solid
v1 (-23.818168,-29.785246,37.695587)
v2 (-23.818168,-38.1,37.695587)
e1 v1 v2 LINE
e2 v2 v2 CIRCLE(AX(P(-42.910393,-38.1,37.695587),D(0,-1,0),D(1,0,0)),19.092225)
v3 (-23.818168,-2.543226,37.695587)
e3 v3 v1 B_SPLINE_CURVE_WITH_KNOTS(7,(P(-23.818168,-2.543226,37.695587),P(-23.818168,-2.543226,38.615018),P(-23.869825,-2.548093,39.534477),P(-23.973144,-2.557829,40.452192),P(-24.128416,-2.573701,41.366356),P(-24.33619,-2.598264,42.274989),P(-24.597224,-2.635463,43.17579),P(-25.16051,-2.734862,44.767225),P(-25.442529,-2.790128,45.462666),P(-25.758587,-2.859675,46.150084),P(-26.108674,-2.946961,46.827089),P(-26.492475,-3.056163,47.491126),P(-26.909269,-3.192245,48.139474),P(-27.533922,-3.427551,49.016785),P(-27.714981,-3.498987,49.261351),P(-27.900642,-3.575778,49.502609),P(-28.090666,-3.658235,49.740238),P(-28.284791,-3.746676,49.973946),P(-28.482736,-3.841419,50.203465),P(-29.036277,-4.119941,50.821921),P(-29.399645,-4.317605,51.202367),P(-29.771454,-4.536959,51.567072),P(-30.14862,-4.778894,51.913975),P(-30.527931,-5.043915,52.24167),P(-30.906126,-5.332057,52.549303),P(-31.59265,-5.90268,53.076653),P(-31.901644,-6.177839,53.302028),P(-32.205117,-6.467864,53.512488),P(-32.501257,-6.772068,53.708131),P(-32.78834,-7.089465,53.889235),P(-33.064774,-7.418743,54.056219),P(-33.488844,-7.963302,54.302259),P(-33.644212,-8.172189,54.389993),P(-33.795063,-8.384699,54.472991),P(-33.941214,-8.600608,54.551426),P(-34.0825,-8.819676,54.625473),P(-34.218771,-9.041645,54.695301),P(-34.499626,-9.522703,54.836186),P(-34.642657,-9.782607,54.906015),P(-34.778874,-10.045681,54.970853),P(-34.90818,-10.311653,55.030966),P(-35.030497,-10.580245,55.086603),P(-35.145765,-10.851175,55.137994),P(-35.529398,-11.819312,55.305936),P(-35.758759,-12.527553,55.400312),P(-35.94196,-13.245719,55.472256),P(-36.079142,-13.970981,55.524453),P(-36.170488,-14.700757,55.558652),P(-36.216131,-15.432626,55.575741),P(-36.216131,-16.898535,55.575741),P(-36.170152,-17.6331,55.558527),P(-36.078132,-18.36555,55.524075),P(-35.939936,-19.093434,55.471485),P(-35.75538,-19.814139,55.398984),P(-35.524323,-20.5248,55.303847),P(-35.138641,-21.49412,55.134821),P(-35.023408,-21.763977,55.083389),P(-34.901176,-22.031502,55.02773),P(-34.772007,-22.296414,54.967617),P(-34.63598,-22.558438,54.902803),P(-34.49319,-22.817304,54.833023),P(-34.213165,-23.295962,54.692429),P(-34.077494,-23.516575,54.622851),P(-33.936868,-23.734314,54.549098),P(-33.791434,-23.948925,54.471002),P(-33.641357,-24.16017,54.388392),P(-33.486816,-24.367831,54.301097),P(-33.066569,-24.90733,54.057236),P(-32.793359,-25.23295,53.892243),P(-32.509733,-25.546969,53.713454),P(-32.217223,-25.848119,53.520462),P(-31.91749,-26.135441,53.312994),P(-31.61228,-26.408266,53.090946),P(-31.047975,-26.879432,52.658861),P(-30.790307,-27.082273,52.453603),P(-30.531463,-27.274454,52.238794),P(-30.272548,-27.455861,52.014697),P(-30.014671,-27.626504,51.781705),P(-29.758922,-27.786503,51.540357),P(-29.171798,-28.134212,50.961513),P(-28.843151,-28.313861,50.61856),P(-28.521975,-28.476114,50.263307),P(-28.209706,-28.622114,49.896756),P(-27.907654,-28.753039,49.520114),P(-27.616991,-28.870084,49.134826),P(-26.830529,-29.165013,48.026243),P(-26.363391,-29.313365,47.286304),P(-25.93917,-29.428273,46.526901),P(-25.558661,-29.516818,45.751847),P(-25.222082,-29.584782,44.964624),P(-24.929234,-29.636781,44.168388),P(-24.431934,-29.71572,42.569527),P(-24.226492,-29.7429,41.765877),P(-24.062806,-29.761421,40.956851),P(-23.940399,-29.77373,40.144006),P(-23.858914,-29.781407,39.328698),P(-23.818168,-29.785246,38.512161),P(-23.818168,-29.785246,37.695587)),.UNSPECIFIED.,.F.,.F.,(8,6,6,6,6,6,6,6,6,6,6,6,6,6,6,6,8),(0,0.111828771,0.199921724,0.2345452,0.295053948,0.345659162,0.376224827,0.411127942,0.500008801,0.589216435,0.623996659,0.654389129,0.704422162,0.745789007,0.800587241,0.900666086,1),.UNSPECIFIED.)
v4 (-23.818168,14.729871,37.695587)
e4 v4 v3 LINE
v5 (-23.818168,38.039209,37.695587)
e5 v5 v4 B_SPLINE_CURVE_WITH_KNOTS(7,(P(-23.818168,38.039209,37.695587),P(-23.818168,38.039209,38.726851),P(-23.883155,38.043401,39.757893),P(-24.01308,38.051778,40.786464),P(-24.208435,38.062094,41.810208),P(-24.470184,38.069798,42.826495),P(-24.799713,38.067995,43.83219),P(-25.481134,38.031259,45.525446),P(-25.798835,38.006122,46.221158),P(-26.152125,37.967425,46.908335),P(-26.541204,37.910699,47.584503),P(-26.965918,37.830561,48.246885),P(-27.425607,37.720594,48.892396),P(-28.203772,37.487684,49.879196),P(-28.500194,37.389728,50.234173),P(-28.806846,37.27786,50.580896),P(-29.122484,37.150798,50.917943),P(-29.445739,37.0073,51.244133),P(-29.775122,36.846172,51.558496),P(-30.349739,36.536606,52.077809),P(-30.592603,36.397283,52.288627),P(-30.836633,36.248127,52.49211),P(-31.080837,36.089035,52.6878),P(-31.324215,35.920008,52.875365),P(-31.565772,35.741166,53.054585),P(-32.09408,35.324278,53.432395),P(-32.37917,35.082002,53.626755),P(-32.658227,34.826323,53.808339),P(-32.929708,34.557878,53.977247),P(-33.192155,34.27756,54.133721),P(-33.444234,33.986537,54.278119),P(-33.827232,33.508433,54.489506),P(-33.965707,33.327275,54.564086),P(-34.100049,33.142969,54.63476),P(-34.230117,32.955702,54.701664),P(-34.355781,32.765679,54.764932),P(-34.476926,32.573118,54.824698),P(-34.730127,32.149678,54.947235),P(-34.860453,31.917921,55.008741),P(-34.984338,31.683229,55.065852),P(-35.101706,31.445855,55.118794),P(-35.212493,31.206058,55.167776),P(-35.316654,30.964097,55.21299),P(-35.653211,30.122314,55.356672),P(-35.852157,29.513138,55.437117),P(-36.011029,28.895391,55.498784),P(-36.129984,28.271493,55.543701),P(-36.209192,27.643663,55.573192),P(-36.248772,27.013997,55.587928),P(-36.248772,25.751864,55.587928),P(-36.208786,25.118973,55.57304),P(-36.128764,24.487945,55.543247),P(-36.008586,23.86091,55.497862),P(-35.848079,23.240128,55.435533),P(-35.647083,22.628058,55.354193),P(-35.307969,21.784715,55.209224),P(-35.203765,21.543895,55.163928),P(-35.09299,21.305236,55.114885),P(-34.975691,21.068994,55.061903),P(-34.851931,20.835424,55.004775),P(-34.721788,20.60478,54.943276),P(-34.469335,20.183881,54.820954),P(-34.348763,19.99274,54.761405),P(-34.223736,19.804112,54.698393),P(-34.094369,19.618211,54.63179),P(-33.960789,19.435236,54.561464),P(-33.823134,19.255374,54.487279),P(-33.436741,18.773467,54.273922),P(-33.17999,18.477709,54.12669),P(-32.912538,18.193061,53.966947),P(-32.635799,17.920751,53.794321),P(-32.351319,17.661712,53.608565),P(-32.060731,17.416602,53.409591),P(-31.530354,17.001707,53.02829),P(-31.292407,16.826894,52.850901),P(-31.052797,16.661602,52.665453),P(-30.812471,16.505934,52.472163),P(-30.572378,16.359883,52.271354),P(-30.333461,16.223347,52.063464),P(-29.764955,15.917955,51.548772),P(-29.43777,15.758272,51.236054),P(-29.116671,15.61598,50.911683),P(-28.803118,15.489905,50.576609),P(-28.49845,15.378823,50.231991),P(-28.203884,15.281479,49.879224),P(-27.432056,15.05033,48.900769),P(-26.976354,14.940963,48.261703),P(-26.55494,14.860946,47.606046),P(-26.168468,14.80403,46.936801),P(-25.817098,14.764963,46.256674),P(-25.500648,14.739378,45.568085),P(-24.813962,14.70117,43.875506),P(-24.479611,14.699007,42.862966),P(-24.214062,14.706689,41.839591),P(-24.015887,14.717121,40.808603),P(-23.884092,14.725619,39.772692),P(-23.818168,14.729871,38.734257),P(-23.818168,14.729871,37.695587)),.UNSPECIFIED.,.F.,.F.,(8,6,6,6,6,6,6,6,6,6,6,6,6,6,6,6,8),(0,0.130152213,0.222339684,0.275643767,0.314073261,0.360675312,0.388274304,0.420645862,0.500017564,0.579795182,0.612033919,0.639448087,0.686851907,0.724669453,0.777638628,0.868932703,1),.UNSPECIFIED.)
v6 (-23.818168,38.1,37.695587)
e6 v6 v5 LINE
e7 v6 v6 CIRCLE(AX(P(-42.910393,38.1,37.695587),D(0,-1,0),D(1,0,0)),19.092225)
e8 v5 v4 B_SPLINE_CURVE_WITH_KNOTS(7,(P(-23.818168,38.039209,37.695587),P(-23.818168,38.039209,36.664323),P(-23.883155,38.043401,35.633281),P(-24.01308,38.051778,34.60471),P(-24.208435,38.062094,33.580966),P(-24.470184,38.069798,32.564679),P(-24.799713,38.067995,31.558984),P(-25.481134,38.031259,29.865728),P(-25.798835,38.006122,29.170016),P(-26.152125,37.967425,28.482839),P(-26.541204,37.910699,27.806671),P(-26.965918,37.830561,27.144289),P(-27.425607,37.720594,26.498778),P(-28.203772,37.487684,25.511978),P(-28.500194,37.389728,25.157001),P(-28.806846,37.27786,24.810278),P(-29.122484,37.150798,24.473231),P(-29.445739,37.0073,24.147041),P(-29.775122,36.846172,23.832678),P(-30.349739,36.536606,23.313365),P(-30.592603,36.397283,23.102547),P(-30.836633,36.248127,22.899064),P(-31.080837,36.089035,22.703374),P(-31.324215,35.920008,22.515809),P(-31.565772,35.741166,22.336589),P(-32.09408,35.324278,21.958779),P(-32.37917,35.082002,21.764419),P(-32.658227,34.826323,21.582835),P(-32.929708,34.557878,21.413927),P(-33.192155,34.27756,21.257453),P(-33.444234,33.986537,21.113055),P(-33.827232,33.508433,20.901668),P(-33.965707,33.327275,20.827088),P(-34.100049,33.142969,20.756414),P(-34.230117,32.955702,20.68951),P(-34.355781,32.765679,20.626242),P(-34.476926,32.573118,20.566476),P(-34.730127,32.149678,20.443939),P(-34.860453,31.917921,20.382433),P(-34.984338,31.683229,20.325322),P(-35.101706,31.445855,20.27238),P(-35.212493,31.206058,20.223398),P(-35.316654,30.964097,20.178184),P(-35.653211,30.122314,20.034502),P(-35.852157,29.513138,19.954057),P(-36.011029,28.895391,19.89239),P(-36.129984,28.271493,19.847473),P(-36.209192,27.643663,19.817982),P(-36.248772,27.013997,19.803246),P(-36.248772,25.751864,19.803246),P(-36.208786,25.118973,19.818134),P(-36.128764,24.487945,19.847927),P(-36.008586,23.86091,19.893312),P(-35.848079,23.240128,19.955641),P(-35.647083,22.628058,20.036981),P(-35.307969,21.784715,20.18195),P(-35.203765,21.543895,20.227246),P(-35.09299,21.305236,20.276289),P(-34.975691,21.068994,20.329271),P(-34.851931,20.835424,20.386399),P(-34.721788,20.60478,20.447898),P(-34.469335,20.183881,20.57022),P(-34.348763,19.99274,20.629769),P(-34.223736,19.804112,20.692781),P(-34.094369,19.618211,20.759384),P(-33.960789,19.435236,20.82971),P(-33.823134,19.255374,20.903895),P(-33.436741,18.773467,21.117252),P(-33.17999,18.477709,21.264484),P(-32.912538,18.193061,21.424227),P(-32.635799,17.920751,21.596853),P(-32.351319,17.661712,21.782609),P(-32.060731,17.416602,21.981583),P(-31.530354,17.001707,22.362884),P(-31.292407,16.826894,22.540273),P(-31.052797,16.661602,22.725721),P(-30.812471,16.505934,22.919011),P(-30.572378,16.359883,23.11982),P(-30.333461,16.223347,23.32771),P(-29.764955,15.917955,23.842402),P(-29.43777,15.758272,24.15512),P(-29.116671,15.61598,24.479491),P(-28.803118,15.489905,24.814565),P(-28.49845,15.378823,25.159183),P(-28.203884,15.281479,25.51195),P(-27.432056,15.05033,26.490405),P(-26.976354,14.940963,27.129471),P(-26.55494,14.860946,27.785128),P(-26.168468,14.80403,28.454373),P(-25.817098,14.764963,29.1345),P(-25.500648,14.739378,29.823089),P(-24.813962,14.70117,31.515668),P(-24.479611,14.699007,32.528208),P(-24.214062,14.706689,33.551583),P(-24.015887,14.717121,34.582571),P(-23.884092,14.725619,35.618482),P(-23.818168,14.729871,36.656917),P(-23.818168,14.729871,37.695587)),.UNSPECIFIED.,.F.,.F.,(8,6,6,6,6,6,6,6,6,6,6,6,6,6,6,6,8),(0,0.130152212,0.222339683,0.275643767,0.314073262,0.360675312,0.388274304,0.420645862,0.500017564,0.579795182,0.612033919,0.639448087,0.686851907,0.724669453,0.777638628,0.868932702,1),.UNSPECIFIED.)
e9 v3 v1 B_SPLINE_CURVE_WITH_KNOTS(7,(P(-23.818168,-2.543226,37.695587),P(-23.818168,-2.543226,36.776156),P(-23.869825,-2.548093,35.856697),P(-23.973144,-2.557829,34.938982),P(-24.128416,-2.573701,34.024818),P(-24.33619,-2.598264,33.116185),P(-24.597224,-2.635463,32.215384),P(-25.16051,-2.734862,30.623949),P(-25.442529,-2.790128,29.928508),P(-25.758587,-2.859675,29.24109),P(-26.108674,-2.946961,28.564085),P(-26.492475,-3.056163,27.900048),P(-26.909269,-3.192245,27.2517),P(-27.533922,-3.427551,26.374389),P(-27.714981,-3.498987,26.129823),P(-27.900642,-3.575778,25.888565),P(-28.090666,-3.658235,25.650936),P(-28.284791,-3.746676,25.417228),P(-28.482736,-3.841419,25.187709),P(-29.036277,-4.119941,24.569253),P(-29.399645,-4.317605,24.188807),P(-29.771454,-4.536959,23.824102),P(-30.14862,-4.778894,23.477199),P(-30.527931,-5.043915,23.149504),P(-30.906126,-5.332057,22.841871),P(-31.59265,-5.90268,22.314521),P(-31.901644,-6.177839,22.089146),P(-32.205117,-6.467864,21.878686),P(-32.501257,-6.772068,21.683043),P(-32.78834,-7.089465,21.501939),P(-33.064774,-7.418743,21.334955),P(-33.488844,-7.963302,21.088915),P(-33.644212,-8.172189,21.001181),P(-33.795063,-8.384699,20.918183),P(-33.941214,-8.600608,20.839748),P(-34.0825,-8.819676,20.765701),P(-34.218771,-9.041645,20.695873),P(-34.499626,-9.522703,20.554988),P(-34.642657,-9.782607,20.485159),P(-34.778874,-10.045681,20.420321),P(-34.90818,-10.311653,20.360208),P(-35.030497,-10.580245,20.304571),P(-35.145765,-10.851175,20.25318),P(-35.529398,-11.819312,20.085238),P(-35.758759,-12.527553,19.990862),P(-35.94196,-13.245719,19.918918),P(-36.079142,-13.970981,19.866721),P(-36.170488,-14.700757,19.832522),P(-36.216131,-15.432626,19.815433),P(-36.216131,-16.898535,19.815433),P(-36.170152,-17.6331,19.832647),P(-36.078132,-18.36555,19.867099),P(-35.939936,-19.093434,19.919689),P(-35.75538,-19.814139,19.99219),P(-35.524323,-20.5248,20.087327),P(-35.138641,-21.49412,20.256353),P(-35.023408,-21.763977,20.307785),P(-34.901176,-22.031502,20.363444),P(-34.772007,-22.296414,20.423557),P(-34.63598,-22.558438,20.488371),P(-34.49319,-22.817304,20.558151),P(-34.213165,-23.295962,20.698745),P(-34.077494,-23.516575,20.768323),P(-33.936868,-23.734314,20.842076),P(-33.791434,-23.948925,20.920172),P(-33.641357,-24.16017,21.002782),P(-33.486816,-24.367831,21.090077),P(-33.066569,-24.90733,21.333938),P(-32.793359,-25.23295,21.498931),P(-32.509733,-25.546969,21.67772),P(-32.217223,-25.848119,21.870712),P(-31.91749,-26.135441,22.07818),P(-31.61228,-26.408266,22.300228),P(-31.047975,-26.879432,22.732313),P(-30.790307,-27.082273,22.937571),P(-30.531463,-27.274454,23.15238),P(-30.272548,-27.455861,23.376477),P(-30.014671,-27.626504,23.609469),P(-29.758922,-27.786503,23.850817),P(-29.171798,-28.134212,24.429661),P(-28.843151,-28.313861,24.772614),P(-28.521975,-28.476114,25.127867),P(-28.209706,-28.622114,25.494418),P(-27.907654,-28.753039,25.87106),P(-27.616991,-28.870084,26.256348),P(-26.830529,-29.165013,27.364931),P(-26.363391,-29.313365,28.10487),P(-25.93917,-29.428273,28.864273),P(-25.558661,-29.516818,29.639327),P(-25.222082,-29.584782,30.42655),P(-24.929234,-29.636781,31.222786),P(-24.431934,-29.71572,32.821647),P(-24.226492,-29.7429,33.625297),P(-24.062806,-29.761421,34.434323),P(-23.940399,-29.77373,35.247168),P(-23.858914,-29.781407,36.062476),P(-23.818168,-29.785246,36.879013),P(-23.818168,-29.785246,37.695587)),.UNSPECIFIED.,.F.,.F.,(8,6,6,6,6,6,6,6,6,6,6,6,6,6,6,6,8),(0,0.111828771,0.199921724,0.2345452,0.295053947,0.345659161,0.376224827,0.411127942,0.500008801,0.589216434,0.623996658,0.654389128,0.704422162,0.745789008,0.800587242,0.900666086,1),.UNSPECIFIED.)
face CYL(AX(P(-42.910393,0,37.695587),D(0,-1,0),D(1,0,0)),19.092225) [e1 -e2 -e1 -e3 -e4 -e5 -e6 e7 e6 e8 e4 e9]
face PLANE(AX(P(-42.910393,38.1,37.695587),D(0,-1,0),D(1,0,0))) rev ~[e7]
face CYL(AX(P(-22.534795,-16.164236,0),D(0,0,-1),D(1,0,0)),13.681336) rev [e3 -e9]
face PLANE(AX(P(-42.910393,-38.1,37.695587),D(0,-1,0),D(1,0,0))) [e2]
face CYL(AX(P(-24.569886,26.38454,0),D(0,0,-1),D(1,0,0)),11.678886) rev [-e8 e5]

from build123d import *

# Parameters (mm, degrees)
F0_R     = 19.092225
F1_DEPTH = 38.1
F2_R     = 11.678886
F2_R_2   = 13.681336
F3_DEPTH = 56.788812


with BuildPart() as f1:
    # F0 (on Front) → F1 (new body, symmetric)
    with BuildSketch(Plane.XZ):
        with Locations((-42.910393, 37.695587)):
            Circle(F0_R)
    extrude(amount=F1_DEPTH, both=True)

    # F2 (on Top) → F3 (cut, through all)
    with BuildSketch(Plane.XY):
        with Locations((-24.569886, 26.38454)):
            Circle(F2_R)
        with Locations((-22.534795, -16.164236)):
            Circle(F2_R_2)
    extrude(amount=F3_DEPTH, mode=Mode.SUBTRACT)


solid = f1.part
